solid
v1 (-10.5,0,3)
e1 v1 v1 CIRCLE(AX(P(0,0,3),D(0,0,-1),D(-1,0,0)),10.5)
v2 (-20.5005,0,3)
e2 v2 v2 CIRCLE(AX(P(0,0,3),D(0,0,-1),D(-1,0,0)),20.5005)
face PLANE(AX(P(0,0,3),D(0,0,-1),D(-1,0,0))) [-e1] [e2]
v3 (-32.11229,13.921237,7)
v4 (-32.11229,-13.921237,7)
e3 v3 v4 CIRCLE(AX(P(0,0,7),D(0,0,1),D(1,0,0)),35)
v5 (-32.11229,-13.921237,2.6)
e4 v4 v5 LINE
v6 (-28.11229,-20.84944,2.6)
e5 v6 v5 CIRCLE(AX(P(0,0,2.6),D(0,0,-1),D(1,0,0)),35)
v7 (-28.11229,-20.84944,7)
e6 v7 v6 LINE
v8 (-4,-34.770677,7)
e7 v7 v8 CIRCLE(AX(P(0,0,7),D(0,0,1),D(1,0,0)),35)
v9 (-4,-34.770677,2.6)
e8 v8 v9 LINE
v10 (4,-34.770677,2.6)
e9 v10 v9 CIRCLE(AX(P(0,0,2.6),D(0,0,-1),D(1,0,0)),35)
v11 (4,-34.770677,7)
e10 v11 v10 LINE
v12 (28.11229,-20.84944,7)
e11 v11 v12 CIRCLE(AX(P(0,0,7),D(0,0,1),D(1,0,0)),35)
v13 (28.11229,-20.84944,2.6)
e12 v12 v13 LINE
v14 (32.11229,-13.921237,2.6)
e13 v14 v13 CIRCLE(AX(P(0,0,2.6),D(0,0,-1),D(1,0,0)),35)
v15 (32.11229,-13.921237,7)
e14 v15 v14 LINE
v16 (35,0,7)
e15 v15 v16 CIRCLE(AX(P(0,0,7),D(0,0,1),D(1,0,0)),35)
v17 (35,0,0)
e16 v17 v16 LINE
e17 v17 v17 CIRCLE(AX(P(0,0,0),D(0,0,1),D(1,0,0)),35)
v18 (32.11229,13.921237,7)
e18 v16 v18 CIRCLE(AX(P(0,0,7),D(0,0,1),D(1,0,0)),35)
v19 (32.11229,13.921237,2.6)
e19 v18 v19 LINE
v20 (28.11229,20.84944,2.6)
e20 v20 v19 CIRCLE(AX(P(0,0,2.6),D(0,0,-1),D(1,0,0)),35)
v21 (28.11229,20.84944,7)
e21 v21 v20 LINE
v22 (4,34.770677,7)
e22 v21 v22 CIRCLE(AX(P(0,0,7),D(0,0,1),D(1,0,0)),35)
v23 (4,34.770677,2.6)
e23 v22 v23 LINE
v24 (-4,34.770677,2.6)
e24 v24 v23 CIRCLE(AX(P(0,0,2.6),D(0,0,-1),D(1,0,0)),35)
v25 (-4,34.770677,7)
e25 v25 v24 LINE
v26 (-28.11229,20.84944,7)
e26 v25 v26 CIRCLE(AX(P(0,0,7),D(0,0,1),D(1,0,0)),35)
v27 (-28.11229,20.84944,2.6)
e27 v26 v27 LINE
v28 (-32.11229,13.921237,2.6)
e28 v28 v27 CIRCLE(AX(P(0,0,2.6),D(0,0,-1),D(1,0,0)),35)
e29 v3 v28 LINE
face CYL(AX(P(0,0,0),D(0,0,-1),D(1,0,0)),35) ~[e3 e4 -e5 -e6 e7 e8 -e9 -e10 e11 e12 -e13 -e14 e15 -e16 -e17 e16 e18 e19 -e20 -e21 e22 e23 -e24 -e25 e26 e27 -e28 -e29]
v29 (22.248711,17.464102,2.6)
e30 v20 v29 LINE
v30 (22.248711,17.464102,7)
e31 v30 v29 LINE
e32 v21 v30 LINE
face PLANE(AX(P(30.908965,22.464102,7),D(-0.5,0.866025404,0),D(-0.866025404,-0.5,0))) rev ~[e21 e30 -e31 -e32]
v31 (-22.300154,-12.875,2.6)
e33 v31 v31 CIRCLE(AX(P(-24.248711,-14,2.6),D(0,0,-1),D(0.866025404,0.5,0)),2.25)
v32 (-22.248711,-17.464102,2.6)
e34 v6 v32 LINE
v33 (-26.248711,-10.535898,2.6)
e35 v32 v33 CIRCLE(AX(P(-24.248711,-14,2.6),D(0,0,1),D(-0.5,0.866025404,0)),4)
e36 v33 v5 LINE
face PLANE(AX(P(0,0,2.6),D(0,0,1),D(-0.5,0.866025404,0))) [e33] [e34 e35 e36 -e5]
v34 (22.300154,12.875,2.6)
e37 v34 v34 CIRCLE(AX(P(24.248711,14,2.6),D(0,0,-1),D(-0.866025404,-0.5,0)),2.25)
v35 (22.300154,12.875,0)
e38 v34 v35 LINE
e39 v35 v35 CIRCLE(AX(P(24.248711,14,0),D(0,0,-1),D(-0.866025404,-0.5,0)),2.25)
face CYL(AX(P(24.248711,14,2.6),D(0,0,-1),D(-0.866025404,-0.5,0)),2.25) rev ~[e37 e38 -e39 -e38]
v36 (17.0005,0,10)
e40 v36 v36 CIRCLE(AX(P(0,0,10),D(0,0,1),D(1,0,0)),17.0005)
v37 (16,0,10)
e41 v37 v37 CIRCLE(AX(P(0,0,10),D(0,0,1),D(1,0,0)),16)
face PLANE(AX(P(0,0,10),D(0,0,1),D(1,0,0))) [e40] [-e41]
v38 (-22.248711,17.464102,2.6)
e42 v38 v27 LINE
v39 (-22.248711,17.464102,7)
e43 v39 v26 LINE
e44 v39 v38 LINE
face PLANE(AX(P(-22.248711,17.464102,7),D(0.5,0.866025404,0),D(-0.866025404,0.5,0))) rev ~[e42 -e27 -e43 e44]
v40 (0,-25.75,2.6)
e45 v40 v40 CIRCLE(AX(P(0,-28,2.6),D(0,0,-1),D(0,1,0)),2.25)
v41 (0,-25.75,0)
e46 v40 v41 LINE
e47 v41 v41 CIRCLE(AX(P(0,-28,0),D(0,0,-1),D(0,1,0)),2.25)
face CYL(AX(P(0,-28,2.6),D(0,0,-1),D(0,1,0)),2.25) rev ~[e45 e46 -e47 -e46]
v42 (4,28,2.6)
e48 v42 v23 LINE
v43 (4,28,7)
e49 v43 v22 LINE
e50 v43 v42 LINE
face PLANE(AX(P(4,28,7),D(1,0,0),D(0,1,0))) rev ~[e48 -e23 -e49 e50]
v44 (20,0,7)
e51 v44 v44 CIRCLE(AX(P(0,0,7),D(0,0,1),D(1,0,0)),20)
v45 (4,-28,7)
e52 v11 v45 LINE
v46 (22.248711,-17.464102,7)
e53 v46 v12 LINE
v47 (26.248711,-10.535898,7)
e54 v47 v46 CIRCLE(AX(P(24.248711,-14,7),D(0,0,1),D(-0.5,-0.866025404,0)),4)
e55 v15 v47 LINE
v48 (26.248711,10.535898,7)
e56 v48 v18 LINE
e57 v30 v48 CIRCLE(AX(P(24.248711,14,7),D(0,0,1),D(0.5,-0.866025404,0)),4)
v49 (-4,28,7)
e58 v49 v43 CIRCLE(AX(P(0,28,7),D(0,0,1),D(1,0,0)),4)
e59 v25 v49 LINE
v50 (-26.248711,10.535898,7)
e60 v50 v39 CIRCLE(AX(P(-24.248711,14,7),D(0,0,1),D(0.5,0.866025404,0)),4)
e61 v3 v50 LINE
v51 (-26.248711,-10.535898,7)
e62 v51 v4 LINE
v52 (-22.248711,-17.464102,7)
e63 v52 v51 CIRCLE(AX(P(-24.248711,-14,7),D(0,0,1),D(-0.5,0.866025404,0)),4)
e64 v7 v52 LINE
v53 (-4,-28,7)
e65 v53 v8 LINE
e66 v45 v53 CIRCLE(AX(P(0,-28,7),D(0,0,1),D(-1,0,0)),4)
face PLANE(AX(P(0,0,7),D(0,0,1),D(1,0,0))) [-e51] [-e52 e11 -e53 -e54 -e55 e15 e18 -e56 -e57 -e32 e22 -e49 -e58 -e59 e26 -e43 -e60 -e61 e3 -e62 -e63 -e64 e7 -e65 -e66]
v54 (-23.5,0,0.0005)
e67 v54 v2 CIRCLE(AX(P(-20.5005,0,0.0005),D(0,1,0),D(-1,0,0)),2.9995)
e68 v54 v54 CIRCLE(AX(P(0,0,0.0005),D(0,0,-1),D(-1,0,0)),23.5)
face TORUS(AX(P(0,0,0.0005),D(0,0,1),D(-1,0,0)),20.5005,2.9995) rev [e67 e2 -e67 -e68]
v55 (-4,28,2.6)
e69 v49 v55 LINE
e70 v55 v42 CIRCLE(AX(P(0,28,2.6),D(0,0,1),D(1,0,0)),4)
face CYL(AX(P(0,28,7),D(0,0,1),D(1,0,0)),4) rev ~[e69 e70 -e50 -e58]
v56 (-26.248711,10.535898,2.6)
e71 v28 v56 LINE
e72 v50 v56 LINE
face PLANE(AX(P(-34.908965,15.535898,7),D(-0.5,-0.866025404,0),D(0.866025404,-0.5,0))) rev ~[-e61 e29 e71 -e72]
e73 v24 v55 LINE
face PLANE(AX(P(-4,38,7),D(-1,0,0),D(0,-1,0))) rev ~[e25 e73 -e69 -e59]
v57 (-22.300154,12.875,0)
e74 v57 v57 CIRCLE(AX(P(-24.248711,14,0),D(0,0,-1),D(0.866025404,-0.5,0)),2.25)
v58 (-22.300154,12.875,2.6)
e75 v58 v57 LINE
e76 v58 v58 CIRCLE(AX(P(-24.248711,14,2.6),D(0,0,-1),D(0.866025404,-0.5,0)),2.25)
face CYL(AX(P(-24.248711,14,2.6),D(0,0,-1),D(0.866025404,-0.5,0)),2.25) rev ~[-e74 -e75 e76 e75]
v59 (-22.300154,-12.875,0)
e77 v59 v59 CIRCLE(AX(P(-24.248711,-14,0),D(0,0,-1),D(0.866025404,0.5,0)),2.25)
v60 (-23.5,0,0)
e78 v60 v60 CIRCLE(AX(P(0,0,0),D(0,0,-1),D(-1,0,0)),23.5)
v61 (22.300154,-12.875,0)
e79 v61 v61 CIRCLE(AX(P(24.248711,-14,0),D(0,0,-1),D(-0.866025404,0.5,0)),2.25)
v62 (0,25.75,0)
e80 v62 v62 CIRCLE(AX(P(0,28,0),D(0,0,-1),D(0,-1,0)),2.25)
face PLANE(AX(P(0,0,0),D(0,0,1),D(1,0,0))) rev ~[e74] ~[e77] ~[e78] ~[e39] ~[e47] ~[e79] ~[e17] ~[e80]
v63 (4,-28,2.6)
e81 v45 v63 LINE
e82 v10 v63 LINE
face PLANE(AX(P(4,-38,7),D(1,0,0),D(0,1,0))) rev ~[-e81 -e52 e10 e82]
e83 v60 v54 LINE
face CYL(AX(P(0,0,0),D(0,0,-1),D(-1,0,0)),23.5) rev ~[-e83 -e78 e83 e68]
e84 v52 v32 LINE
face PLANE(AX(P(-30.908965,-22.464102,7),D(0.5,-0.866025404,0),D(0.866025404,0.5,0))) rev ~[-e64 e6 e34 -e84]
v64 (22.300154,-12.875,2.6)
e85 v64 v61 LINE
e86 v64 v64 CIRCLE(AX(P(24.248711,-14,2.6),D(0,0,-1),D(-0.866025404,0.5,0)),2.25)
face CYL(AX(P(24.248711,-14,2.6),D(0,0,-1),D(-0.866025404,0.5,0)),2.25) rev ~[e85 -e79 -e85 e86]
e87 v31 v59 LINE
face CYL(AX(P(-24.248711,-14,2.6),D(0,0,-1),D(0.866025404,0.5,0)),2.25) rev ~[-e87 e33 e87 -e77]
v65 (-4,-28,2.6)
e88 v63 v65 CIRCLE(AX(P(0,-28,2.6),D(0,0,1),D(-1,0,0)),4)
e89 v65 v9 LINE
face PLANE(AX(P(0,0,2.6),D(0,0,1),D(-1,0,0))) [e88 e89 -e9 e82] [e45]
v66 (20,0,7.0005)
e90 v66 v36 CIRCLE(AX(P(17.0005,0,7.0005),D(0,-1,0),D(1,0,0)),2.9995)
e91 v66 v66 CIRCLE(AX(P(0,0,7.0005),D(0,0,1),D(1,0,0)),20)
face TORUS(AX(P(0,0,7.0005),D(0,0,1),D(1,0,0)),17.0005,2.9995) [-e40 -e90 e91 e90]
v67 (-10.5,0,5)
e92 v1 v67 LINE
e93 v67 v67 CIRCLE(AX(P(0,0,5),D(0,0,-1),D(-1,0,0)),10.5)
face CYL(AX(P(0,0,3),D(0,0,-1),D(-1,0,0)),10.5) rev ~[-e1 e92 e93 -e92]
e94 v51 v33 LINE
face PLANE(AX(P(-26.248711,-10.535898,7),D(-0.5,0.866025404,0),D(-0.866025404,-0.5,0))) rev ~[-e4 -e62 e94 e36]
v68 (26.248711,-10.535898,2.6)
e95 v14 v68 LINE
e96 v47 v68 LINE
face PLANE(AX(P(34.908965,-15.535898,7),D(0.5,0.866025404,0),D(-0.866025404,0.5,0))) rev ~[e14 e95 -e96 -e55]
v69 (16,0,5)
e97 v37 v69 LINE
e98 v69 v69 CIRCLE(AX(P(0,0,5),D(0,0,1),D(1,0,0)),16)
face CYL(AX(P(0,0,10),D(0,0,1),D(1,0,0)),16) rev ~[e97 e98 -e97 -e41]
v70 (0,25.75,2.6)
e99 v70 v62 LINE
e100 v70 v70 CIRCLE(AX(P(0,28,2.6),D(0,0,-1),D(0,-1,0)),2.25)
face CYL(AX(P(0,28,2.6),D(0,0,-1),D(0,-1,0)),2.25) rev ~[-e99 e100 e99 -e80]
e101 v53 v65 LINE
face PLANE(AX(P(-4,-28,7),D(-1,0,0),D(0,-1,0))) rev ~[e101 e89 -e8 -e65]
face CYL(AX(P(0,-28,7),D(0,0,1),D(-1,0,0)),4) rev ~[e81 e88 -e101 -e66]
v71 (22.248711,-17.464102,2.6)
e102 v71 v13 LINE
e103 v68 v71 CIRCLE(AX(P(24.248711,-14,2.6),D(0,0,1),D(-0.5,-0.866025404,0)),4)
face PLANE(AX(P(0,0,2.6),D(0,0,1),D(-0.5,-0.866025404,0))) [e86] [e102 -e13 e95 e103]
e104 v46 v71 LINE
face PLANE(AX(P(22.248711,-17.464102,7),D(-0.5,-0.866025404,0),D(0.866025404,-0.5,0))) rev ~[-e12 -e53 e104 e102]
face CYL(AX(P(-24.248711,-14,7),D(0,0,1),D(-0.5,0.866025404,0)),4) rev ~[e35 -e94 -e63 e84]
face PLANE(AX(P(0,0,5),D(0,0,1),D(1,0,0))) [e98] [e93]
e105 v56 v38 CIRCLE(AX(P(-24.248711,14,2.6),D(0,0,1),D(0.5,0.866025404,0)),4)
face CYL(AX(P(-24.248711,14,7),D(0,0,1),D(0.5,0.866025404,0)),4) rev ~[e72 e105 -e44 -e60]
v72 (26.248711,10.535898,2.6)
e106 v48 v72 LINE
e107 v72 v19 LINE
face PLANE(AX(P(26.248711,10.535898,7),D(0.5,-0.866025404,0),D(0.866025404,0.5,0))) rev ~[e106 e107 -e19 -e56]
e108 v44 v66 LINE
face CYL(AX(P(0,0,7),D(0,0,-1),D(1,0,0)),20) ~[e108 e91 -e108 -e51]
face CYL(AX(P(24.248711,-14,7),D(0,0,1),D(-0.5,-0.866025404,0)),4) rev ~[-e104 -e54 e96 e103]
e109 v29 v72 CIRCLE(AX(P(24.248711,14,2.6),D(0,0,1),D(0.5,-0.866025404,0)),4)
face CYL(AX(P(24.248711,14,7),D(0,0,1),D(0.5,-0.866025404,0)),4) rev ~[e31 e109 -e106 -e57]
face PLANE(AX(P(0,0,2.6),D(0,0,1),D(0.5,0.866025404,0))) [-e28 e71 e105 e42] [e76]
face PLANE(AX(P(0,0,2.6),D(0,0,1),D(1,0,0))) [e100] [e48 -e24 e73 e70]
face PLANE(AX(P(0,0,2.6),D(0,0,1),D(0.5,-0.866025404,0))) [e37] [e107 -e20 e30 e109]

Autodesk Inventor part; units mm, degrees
ref_plane "YZ Plane" through (0, 0, 0) normal (1, 0, 0) x (0, 1, 0)
ref_plane "XZ Plane" through (0, 0, 0) normal (0, 1, 0) x (-1, 0, 0)
ref_plane "XY Plane" through (0, 0, 0) normal (0, 0, 1) x (1, 0, 0)
sketch "스케치13" plane through (0, 0, 0) normal (0, 0, 1) x (1, 0, 0)
  circle A0 centre (0, 0) radius 35
  dimension "d74" = 70
extrude "돌출11" add sketch "스케치13" along normal blind 7
sketch "스케치19" plane through (0, 0, 7) normal (0, 0, 1) x (1, 0, 0)
  circle A0 centre (0, 0) radius 20
  dimension "d92" = 40
extrude "돌출17" add sketch "스케치19" along normal blind 3
sketch "스케치20" plane through (0, 0, 10) normal (0, 0, 1) x (1, 0, 0)
  circle A0 centre (0, 0) radius 16
  dimension "d95" = 32
extrude "돌출18" cut sketch "스케치20" against normal blind 5
sketch "스케치16" plane through (0, 0, 0) normal (0, 0, -1) x (-1, 0, 0)
  circle A0 centre (0, 0) radius 23.5
  dimension "d83" = 47
extrude "돌출15" cut sketch "스케치16" against normal blind 3
sketch "스케치18" plane through (0, 0, 3) normal (0, 0, -1) x (-1, 0, 0)
  circle A0 centre (0, 0) radius 10.5
  dimension "d89" = 21
extrude "돌출16" cut sketch "스케치18" against normal up to next
fillet "모깎기3" radius 3 2 edges at (-20, 0, 10) (23.5, 0, 3)
sketch "스케치21" plane through (0, 0, 7) normal (0, 0, 1) x (1, 0, 0)
  circle A0 centre (0, 28) radius 4
  line L0 (-4, 28) -> (4, 28)
  line L1 (4, 28) -> (4, 38)
  line L2 (4, 38) -> (-4, 38)
  line L3 (-4, 38) -> (-4, 28)
  point P0 (0, 0)
  dimension "d99" = 8
  dimension "d100" = 28
extrude "돌출19" cut sketch "스케치21" against normal blind 4.4
sketch "스케치22" plane through (0, 0, 2.6) normal (0, 0, 1) x (1, 0, 0)
  arc A0 (-4, 28) -> (4, 28) centre (0, 28) ccw projected
  circle A1 centre (0, 28) radius 4
  point P0 (0, 0)
hole "구멍2" at (0, 28, 2.6) direction (0, 0, -1) diameter 4.5 end through all
pattern_circular "원형 패턴3" count 6 over 360 about axis through (0, 0, 3) along (0, 0, 1) of "돌출19", "구멍2"
properties part number "도면3-2번"
